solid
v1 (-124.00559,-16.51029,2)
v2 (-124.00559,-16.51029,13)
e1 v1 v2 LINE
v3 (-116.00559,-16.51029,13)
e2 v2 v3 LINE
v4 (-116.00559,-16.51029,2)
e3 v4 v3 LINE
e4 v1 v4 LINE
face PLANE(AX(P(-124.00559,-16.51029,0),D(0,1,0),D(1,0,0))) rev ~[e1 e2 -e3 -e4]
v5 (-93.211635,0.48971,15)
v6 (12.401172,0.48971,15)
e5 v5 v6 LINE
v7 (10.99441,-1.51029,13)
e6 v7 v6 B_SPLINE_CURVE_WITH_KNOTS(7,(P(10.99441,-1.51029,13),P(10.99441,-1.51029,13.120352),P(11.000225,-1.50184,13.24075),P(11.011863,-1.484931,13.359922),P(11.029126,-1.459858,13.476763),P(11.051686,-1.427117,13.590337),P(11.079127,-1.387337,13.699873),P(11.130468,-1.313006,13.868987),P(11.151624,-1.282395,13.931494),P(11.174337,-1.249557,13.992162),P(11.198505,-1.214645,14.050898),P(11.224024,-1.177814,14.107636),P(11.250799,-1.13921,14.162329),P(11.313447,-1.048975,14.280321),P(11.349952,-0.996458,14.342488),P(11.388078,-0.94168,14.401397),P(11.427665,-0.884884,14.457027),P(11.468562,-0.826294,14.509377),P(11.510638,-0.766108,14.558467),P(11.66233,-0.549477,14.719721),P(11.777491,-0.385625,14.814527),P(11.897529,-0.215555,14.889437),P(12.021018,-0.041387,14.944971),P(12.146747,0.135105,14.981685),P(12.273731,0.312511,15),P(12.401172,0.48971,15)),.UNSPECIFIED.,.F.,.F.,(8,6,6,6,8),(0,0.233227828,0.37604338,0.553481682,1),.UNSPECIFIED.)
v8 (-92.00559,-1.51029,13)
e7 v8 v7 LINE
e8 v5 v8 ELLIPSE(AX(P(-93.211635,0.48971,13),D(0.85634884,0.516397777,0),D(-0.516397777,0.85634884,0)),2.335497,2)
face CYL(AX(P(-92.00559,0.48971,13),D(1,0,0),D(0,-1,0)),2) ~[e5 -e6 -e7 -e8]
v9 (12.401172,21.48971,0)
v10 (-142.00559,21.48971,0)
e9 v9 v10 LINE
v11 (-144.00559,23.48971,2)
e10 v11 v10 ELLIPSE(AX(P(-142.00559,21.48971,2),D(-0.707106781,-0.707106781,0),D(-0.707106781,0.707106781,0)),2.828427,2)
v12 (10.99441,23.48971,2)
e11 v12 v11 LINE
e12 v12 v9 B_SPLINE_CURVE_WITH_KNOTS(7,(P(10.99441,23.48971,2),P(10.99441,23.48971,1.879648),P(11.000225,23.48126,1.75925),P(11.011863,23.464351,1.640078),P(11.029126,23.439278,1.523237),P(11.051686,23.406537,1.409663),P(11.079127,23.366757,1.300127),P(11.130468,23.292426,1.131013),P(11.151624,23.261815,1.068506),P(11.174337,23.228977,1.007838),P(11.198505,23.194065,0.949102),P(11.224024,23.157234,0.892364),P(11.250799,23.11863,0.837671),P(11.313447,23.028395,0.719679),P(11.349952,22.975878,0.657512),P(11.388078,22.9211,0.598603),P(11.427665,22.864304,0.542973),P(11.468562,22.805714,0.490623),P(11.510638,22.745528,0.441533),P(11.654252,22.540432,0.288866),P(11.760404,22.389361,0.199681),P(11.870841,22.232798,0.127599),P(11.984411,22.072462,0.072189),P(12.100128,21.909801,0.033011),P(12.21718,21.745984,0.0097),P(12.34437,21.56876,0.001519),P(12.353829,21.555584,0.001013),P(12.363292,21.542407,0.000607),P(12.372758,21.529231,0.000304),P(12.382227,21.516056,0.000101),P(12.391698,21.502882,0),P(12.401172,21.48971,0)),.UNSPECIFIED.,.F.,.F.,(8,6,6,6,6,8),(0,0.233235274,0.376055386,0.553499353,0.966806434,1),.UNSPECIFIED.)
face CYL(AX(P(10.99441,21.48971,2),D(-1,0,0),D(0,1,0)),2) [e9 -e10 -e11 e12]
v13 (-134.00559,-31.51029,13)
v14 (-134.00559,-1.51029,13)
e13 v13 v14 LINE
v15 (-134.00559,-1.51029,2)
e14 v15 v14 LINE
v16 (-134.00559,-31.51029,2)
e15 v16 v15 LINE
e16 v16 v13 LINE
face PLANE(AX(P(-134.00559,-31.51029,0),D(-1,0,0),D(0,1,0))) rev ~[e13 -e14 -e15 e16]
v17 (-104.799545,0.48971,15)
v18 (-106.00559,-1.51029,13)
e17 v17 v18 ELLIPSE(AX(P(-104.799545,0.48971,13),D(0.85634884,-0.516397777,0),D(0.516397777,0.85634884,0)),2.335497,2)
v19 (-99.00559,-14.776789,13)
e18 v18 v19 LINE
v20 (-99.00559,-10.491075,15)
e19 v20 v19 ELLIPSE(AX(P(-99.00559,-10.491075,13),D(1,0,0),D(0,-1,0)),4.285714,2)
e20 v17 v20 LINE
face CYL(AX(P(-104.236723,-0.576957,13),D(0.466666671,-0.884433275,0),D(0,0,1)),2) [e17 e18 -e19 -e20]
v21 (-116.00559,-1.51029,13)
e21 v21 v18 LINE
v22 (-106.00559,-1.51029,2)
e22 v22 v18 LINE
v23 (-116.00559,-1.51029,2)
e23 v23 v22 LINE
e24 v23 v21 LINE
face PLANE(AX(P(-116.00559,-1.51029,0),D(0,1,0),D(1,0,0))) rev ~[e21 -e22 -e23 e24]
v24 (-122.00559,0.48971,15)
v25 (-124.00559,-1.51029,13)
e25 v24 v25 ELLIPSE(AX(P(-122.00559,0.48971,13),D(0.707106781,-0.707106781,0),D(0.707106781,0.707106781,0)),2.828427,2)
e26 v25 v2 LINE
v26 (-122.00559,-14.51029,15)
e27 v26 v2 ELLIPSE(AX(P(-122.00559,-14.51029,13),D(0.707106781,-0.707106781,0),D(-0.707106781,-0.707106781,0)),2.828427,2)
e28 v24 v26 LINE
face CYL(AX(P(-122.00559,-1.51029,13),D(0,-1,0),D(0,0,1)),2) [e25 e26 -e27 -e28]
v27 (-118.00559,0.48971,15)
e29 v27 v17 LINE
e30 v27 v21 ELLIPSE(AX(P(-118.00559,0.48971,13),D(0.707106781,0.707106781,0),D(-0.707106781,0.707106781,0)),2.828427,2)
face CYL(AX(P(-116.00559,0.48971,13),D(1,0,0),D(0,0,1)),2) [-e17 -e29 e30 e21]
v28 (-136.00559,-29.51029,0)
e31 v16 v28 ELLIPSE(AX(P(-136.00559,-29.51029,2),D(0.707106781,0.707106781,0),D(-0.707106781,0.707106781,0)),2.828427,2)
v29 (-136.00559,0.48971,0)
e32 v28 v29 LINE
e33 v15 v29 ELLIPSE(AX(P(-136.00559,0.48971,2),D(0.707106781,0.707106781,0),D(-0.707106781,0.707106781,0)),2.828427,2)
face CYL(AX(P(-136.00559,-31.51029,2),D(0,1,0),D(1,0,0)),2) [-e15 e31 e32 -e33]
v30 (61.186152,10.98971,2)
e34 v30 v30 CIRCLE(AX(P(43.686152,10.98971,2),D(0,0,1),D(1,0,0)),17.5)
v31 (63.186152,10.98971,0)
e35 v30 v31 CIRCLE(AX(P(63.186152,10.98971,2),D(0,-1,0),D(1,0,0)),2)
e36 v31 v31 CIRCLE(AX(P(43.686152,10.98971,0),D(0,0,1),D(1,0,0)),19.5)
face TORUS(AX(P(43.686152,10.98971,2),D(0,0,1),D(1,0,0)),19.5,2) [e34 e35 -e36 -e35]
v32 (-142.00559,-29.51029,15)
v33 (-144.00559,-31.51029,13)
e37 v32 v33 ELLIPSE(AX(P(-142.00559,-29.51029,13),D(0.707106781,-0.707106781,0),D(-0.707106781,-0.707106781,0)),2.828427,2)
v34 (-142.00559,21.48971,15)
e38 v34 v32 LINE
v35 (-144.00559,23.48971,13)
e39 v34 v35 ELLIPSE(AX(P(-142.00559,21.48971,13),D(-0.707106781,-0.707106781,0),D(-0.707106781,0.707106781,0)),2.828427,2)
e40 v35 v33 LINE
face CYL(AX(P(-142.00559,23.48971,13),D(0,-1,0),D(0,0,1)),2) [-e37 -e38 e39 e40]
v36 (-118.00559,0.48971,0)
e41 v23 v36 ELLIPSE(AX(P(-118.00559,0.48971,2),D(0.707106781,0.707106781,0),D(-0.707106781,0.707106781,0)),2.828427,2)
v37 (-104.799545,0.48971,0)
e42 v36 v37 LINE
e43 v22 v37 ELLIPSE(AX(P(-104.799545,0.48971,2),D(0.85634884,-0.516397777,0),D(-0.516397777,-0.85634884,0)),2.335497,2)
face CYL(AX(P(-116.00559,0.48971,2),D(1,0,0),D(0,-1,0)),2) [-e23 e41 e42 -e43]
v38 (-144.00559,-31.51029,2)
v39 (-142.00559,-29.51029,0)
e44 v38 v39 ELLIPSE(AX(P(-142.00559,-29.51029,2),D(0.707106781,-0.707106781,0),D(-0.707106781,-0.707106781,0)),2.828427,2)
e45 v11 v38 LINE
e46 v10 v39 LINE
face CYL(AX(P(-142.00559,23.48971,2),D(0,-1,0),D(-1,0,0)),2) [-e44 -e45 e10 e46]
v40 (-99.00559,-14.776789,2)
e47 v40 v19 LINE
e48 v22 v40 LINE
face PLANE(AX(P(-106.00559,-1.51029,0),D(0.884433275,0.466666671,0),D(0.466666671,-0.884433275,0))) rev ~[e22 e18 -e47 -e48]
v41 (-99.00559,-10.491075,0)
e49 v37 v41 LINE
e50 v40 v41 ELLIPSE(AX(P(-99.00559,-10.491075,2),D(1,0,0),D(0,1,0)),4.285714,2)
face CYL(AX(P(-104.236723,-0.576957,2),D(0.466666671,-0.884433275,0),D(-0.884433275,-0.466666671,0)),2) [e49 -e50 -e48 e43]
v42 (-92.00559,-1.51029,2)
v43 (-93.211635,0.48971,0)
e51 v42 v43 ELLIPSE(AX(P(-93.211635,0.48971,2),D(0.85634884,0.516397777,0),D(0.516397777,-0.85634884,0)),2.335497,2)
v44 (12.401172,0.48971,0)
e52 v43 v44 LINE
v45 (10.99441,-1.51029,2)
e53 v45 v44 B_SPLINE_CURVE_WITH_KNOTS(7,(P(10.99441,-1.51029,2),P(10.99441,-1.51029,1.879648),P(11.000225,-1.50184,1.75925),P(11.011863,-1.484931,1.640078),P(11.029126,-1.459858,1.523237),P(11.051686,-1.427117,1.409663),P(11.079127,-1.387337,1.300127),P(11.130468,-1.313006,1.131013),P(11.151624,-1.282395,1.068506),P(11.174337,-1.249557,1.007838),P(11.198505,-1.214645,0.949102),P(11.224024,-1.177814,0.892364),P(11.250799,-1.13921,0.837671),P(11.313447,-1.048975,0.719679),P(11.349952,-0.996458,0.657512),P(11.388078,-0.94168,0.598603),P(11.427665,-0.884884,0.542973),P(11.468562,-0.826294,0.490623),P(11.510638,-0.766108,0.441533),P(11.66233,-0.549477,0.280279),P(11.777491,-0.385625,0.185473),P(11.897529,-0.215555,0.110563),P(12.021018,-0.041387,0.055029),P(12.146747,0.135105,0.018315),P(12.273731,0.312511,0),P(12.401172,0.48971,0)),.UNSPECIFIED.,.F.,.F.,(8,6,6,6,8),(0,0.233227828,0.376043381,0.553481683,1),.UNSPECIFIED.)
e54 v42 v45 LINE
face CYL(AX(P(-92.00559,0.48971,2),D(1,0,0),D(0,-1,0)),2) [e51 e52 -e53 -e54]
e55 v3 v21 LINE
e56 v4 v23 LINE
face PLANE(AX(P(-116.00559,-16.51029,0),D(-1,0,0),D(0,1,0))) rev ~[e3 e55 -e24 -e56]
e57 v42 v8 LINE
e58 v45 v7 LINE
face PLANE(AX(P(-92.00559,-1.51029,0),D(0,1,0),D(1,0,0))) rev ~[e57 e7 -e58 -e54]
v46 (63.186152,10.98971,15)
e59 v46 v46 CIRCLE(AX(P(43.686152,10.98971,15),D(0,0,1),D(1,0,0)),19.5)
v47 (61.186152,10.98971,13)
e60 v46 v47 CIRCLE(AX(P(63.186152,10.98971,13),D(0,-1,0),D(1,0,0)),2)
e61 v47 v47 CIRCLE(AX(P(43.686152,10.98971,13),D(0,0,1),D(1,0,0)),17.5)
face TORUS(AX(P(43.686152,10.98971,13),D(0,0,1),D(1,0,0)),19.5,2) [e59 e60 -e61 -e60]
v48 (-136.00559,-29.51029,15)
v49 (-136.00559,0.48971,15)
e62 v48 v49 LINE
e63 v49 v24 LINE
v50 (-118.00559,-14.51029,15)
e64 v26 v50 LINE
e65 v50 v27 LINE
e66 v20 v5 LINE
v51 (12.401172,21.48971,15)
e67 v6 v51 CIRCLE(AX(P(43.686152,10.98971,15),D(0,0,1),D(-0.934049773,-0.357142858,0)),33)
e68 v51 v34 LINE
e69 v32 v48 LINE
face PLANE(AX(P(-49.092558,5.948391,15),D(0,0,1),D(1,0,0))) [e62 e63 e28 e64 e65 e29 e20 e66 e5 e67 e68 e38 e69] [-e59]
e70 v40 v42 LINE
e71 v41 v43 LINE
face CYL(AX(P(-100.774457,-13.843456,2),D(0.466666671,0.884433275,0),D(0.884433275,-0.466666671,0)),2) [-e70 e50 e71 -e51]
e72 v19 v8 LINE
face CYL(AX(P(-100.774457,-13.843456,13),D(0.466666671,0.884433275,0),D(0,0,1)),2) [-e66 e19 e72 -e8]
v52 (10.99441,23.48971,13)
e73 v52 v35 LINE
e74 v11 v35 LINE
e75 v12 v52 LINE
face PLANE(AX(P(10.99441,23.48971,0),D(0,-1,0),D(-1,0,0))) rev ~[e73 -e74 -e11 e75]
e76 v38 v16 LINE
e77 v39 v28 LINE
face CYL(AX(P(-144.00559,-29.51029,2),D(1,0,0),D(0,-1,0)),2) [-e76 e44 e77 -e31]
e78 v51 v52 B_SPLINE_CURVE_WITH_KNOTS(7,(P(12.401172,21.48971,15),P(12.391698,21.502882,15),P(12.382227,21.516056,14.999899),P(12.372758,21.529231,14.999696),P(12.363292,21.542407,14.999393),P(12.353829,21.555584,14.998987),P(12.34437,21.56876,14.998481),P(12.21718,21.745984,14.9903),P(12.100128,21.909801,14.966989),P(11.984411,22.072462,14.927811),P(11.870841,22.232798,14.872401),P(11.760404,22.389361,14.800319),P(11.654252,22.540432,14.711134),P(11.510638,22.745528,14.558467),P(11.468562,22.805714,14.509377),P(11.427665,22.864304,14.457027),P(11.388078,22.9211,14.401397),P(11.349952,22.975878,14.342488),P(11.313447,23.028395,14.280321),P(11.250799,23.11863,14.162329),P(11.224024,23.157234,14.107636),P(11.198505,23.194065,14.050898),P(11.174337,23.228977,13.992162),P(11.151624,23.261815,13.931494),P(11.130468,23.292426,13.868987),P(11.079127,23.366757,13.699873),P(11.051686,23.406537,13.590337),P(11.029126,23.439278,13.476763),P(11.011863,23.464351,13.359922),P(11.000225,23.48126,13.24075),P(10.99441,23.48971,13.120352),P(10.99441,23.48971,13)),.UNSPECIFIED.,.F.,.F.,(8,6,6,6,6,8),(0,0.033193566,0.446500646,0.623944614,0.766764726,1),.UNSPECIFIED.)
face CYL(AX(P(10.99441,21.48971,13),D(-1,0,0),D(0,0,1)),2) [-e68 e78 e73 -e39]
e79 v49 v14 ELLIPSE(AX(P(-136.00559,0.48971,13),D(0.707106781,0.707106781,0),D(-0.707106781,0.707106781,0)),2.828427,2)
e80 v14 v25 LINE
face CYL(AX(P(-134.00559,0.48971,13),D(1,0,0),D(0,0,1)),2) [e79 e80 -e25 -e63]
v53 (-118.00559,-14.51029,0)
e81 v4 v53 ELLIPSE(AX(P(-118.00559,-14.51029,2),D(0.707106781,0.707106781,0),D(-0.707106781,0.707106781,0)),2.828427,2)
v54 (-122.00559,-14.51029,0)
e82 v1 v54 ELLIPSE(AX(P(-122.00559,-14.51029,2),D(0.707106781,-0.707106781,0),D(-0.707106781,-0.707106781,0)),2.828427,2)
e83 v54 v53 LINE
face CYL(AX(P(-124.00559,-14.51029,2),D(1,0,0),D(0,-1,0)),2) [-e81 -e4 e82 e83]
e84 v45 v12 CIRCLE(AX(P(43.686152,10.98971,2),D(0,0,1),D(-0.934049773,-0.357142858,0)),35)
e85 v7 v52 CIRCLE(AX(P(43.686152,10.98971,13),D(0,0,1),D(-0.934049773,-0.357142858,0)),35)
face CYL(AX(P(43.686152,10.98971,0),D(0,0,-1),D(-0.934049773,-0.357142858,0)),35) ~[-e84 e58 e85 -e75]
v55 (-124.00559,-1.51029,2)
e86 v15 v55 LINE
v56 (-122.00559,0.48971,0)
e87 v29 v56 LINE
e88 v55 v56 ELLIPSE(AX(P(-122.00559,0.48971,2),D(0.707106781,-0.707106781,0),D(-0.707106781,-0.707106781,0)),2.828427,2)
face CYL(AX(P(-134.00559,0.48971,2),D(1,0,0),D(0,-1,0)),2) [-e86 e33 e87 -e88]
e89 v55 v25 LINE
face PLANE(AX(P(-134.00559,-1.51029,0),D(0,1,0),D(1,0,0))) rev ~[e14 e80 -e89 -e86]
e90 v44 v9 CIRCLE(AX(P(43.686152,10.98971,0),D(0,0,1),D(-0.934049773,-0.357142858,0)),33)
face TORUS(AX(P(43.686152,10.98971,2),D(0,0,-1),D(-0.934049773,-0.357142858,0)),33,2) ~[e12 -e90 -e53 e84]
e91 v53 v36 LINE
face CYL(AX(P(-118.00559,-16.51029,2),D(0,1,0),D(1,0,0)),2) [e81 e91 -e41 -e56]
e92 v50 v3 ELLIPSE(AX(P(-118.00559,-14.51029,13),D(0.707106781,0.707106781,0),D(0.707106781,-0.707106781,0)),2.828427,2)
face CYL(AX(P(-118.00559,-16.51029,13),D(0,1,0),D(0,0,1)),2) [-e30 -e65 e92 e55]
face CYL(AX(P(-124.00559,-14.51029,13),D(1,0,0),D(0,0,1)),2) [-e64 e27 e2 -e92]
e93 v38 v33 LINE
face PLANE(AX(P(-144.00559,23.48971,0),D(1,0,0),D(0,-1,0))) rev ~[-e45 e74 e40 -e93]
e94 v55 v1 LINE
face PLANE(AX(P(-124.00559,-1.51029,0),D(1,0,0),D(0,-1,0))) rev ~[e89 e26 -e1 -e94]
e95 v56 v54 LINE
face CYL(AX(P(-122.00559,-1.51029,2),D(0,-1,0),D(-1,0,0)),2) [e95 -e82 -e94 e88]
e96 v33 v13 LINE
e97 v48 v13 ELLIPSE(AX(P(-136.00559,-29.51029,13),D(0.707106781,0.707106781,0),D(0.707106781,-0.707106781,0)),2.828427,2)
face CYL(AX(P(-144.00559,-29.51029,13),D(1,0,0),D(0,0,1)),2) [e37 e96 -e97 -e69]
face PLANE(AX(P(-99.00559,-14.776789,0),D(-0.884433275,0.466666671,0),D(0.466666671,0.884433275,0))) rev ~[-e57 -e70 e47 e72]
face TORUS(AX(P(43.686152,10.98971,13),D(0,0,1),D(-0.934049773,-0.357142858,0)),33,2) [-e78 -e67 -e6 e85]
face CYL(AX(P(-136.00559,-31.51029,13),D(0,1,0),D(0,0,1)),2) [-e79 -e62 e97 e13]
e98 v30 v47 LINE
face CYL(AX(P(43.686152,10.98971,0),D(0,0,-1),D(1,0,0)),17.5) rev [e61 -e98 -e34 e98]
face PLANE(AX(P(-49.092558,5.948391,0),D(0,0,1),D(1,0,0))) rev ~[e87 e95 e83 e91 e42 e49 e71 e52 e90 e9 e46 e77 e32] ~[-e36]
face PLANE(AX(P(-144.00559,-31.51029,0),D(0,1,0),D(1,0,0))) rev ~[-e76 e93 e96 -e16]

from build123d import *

# Parameters (mm, degrees)
F0_R     = 17.5
F1_DEPTH = 15
F2_R     = 2
F3_R     = 2


with BuildPart() as f1:
    # F0 (on Top) → F1 (new body)
    with BuildSketch(Plane.XY):
        with BuildLine():
            ThreePointArc((10.99441, -1.51029), (78.686152, 10.98971), (10.99441, 23.48971))
            Line((10.99441, 23.48971), (-144.00559, 23.48971))
            Line((-144.00559, 23.48971), (-144.00559, -1.51029))
            Line((-144.00559, -1.51029), (-144.00559, -31.51029))
            Line((-144.00559, -31.51029), (-134.00559, -31.51029))
            Line((-134.00559, -31.51029), (-134.00559, -1.51029))
            Line((-134.00559, -1.51029), (-124.00559, -1.51029))
            Line((-124.00559, -1.51029), (-124.00559, -16.51029))
            Line((-124.00559, -16.51029), (-116.00559, -16.51029))
            Line((-116.00559, -16.51029), (-116.00559, -1.51029))
            Line((-116.00559, -1.51029), (-106.00559, -1.51029))
            Line((-106.00559, -1.51029), (-99.00559, -14.776789))
            Line((-99.00559, -14.776789), (-92.00559, -1.51029))
            Line((-92.00559, -1.51029), (10.99441, -1.51029))
        make_face()
        with Locations((43.686152, 10.98971)):
            Circle(F0_R, mode=Mode.SUBTRACT)
    extrude(amount=F1_DEPTH)

    # F2
    f2_edges = [f1.edges().sort_by_distance(p)[0] for p in [
        (78.686152, 10.98971, 0),
        (-66.50559, 23.48971, 0),
        (-40.50559, -1.51029, 0),
        (-95.50559, -8.143539, 0),
        (-102.50559, -8.143539, 0),
        (-116.00559, -9.01029, 0),
        (-124.00559, -9.01029, 0),
        (-134.00559, -16.51029, 0),
        (-144.00559, -4.01029, 0),
        (26.186152, 10.98971, 0),
        (-111.00559, -1.51029, 0),
        (-129.00559, -1.51029, 0),
        (-120.00559, -16.51029, 0),
        (-139.00559, -31.51029, 0),
    ]]
    fillet(f2_edges, radius=F2_R)

    # F3
    f3_edges = [f1.edges().sort_by_distance(p)[0] for p in [
        (-66.50559, 23.48971, 15),
        (-144.00559, -4.01029, 15),
        (-139.00559, -31.51029, 15),
        (-134.00559, -16.51029, 15),
        (-129.00559, -1.51029, 15),
        (-124.00559, -9.01029, 15),
        (-120.00559, -16.51029, 15),
        (-116.00559, -9.01029, 15),
        (-111.00559, -1.51029, 15),
        (-102.50559, -8.143539, 15),
        (-95.50559, -8.143539, 15),
        (-40.50559, -1.51029, 15),
        (78.686152, 10.98971, 15),
        (26.186152, 10.98971, 15),
    ]]
    fillet(f3_edges, radius=F3_R)


solid = f1.part
